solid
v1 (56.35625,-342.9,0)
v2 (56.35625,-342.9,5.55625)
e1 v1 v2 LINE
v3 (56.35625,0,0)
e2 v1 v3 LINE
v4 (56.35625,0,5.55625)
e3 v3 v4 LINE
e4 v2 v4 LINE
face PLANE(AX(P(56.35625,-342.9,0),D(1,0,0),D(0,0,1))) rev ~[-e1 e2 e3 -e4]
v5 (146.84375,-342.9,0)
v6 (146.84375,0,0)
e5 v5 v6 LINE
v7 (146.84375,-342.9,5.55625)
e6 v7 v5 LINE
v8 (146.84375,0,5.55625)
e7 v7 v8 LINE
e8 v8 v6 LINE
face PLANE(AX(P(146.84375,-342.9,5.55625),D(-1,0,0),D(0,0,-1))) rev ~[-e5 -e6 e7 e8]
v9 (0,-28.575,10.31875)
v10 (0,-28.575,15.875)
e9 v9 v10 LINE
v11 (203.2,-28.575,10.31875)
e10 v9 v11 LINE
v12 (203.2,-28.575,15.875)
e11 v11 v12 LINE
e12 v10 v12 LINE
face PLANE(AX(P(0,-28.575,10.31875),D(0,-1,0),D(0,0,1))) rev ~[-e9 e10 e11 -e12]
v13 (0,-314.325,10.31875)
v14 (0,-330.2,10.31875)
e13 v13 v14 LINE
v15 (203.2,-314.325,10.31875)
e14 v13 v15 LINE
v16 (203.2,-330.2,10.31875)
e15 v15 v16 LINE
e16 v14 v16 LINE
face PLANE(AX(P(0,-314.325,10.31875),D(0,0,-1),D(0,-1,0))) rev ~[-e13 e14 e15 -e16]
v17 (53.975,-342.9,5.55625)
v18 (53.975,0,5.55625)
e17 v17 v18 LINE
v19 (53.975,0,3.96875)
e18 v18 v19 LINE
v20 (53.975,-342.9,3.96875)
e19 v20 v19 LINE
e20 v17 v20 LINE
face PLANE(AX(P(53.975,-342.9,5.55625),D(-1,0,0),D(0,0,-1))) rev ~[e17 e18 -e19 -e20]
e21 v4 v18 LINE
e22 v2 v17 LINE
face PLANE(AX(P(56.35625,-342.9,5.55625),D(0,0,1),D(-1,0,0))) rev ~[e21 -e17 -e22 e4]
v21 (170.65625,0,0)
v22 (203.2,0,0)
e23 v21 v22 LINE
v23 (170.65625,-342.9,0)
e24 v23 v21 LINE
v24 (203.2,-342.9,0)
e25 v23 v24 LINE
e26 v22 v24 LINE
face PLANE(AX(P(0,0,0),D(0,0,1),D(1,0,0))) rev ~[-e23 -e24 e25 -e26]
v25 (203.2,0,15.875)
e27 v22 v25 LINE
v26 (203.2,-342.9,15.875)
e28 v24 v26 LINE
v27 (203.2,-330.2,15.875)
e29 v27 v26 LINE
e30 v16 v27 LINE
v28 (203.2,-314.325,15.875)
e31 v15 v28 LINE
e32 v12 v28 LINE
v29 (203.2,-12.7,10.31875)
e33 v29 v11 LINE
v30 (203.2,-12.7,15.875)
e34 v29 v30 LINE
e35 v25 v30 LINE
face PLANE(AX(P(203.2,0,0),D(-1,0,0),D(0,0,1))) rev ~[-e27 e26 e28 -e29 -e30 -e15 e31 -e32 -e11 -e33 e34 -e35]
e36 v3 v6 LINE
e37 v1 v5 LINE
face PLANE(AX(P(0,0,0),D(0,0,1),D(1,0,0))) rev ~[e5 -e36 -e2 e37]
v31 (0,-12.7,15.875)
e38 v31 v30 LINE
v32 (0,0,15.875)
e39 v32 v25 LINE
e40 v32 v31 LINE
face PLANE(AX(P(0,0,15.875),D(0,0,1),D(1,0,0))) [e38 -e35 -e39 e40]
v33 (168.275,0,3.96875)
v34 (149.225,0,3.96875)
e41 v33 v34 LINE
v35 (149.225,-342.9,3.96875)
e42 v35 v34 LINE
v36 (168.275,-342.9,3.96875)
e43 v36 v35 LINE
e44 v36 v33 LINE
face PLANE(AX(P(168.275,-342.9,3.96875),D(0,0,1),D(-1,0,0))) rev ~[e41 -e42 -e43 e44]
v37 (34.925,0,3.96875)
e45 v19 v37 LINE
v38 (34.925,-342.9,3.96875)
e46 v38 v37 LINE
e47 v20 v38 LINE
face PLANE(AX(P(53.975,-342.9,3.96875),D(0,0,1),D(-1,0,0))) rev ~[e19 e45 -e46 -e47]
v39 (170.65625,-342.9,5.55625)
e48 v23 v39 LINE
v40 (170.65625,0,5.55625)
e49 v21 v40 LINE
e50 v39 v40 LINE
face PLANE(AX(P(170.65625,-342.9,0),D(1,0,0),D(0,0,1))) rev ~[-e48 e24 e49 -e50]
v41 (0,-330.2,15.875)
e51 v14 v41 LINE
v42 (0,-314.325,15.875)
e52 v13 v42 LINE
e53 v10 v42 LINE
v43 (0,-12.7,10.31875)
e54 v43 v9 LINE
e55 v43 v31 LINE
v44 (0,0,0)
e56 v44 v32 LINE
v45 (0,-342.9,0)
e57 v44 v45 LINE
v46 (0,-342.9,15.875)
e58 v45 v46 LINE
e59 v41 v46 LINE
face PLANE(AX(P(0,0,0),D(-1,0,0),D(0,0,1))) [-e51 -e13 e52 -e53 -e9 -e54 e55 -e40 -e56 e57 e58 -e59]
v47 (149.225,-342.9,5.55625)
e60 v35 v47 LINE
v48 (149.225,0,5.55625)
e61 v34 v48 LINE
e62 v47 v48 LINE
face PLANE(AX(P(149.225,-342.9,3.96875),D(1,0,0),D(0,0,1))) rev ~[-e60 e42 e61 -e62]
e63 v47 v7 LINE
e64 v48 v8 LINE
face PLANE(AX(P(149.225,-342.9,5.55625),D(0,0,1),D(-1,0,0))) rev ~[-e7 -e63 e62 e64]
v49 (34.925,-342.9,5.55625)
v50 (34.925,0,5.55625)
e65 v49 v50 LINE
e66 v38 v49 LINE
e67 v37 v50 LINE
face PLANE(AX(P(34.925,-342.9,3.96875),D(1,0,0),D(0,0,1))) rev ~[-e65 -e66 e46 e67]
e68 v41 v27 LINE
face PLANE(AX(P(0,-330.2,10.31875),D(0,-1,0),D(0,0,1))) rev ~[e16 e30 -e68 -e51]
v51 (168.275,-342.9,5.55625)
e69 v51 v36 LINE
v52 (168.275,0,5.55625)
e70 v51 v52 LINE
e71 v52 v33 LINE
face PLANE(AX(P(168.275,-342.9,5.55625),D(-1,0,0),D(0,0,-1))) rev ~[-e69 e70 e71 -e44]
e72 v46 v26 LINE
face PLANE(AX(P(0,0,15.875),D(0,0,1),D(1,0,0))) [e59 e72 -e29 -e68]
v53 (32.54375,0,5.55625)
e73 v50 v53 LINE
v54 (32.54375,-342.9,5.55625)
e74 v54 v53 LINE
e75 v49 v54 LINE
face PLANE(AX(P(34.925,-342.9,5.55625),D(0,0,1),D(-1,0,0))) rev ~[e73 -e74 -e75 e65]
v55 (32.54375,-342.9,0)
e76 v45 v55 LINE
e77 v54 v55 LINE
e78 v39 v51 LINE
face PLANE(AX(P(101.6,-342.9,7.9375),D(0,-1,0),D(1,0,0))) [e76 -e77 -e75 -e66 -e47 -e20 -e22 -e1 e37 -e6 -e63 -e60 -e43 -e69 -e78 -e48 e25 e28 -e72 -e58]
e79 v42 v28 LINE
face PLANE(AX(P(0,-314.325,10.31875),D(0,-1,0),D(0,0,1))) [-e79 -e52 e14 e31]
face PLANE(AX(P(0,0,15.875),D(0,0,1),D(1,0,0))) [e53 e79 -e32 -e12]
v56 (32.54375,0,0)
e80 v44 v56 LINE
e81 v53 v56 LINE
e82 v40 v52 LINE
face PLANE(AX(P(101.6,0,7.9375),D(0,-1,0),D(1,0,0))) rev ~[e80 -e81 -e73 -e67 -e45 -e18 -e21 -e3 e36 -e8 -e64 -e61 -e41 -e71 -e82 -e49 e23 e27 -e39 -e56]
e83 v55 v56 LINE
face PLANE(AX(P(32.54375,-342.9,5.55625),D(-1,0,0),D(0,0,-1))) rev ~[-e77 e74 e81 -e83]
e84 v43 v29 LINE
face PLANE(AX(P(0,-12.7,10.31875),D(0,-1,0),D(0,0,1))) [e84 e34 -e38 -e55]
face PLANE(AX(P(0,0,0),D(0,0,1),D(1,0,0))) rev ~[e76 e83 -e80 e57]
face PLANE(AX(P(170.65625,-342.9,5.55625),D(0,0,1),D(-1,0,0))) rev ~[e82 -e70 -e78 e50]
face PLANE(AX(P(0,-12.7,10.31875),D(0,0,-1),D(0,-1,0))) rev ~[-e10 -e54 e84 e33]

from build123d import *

# Parameters (mm, degrees)
F0_W     = 203.2
F0_H     = 15.875
F1_DEPTH = 342.9
F3_DEPTH = 342.9
F4_W     = 15.875
F4_H     = 5.55625
F5_DEPTH = 203.2


with BuildPart() as f1:
    # F0 (on Front) → F1 (new body)
    with BuildSketch(Plane.XZ):
        with Locations((101.6, 7.9375)):
            Rectangle(F0_W, F0_H)
    extrude(amount=F1_DEPTH)

    # F2 (on face) → F3 (cut, through all)
    with BuildSketch(Plane.XZ.offset(342.9)):
        Polygon((32.54375, 5.55625), (32.54375, 0), (56.35625, 0), (56.35625, 5.55625), (53.975, 5.55625), (53.975, 3.96875), (34.925, 3.96875), (34.925, 5.55625), align=None)
        Polygon((170.65625, 5.55625), (168.275, 5.55625), (168.275, 3.96875), (149.225, 3.96875), (149.225, 5.55625), (146.84375, 5.55625), (146.84375, 0), (170.65625, 0), align=None)
    extrude(amount=-F3_DEPTH, mode=Mode.SUBTRACT)

    # F4 (on face) → F5 (cut, through all)
    with BuildSketch(Plane(origin=(0, 0, 0), x_dir=(0, -1, 0), z_dir=(-1, 0, 0))):
        with Locations((20.6375, 13.096875)):
            Rectangle(F4_W, F4_H)
        with Locations((322.2625, 13.096875)):
            Rectangle(F4_W, F4_H)
    extrude(amount=-F5_DEPTH, mode=Mode.SUBTRACT)


solid = f1.part
